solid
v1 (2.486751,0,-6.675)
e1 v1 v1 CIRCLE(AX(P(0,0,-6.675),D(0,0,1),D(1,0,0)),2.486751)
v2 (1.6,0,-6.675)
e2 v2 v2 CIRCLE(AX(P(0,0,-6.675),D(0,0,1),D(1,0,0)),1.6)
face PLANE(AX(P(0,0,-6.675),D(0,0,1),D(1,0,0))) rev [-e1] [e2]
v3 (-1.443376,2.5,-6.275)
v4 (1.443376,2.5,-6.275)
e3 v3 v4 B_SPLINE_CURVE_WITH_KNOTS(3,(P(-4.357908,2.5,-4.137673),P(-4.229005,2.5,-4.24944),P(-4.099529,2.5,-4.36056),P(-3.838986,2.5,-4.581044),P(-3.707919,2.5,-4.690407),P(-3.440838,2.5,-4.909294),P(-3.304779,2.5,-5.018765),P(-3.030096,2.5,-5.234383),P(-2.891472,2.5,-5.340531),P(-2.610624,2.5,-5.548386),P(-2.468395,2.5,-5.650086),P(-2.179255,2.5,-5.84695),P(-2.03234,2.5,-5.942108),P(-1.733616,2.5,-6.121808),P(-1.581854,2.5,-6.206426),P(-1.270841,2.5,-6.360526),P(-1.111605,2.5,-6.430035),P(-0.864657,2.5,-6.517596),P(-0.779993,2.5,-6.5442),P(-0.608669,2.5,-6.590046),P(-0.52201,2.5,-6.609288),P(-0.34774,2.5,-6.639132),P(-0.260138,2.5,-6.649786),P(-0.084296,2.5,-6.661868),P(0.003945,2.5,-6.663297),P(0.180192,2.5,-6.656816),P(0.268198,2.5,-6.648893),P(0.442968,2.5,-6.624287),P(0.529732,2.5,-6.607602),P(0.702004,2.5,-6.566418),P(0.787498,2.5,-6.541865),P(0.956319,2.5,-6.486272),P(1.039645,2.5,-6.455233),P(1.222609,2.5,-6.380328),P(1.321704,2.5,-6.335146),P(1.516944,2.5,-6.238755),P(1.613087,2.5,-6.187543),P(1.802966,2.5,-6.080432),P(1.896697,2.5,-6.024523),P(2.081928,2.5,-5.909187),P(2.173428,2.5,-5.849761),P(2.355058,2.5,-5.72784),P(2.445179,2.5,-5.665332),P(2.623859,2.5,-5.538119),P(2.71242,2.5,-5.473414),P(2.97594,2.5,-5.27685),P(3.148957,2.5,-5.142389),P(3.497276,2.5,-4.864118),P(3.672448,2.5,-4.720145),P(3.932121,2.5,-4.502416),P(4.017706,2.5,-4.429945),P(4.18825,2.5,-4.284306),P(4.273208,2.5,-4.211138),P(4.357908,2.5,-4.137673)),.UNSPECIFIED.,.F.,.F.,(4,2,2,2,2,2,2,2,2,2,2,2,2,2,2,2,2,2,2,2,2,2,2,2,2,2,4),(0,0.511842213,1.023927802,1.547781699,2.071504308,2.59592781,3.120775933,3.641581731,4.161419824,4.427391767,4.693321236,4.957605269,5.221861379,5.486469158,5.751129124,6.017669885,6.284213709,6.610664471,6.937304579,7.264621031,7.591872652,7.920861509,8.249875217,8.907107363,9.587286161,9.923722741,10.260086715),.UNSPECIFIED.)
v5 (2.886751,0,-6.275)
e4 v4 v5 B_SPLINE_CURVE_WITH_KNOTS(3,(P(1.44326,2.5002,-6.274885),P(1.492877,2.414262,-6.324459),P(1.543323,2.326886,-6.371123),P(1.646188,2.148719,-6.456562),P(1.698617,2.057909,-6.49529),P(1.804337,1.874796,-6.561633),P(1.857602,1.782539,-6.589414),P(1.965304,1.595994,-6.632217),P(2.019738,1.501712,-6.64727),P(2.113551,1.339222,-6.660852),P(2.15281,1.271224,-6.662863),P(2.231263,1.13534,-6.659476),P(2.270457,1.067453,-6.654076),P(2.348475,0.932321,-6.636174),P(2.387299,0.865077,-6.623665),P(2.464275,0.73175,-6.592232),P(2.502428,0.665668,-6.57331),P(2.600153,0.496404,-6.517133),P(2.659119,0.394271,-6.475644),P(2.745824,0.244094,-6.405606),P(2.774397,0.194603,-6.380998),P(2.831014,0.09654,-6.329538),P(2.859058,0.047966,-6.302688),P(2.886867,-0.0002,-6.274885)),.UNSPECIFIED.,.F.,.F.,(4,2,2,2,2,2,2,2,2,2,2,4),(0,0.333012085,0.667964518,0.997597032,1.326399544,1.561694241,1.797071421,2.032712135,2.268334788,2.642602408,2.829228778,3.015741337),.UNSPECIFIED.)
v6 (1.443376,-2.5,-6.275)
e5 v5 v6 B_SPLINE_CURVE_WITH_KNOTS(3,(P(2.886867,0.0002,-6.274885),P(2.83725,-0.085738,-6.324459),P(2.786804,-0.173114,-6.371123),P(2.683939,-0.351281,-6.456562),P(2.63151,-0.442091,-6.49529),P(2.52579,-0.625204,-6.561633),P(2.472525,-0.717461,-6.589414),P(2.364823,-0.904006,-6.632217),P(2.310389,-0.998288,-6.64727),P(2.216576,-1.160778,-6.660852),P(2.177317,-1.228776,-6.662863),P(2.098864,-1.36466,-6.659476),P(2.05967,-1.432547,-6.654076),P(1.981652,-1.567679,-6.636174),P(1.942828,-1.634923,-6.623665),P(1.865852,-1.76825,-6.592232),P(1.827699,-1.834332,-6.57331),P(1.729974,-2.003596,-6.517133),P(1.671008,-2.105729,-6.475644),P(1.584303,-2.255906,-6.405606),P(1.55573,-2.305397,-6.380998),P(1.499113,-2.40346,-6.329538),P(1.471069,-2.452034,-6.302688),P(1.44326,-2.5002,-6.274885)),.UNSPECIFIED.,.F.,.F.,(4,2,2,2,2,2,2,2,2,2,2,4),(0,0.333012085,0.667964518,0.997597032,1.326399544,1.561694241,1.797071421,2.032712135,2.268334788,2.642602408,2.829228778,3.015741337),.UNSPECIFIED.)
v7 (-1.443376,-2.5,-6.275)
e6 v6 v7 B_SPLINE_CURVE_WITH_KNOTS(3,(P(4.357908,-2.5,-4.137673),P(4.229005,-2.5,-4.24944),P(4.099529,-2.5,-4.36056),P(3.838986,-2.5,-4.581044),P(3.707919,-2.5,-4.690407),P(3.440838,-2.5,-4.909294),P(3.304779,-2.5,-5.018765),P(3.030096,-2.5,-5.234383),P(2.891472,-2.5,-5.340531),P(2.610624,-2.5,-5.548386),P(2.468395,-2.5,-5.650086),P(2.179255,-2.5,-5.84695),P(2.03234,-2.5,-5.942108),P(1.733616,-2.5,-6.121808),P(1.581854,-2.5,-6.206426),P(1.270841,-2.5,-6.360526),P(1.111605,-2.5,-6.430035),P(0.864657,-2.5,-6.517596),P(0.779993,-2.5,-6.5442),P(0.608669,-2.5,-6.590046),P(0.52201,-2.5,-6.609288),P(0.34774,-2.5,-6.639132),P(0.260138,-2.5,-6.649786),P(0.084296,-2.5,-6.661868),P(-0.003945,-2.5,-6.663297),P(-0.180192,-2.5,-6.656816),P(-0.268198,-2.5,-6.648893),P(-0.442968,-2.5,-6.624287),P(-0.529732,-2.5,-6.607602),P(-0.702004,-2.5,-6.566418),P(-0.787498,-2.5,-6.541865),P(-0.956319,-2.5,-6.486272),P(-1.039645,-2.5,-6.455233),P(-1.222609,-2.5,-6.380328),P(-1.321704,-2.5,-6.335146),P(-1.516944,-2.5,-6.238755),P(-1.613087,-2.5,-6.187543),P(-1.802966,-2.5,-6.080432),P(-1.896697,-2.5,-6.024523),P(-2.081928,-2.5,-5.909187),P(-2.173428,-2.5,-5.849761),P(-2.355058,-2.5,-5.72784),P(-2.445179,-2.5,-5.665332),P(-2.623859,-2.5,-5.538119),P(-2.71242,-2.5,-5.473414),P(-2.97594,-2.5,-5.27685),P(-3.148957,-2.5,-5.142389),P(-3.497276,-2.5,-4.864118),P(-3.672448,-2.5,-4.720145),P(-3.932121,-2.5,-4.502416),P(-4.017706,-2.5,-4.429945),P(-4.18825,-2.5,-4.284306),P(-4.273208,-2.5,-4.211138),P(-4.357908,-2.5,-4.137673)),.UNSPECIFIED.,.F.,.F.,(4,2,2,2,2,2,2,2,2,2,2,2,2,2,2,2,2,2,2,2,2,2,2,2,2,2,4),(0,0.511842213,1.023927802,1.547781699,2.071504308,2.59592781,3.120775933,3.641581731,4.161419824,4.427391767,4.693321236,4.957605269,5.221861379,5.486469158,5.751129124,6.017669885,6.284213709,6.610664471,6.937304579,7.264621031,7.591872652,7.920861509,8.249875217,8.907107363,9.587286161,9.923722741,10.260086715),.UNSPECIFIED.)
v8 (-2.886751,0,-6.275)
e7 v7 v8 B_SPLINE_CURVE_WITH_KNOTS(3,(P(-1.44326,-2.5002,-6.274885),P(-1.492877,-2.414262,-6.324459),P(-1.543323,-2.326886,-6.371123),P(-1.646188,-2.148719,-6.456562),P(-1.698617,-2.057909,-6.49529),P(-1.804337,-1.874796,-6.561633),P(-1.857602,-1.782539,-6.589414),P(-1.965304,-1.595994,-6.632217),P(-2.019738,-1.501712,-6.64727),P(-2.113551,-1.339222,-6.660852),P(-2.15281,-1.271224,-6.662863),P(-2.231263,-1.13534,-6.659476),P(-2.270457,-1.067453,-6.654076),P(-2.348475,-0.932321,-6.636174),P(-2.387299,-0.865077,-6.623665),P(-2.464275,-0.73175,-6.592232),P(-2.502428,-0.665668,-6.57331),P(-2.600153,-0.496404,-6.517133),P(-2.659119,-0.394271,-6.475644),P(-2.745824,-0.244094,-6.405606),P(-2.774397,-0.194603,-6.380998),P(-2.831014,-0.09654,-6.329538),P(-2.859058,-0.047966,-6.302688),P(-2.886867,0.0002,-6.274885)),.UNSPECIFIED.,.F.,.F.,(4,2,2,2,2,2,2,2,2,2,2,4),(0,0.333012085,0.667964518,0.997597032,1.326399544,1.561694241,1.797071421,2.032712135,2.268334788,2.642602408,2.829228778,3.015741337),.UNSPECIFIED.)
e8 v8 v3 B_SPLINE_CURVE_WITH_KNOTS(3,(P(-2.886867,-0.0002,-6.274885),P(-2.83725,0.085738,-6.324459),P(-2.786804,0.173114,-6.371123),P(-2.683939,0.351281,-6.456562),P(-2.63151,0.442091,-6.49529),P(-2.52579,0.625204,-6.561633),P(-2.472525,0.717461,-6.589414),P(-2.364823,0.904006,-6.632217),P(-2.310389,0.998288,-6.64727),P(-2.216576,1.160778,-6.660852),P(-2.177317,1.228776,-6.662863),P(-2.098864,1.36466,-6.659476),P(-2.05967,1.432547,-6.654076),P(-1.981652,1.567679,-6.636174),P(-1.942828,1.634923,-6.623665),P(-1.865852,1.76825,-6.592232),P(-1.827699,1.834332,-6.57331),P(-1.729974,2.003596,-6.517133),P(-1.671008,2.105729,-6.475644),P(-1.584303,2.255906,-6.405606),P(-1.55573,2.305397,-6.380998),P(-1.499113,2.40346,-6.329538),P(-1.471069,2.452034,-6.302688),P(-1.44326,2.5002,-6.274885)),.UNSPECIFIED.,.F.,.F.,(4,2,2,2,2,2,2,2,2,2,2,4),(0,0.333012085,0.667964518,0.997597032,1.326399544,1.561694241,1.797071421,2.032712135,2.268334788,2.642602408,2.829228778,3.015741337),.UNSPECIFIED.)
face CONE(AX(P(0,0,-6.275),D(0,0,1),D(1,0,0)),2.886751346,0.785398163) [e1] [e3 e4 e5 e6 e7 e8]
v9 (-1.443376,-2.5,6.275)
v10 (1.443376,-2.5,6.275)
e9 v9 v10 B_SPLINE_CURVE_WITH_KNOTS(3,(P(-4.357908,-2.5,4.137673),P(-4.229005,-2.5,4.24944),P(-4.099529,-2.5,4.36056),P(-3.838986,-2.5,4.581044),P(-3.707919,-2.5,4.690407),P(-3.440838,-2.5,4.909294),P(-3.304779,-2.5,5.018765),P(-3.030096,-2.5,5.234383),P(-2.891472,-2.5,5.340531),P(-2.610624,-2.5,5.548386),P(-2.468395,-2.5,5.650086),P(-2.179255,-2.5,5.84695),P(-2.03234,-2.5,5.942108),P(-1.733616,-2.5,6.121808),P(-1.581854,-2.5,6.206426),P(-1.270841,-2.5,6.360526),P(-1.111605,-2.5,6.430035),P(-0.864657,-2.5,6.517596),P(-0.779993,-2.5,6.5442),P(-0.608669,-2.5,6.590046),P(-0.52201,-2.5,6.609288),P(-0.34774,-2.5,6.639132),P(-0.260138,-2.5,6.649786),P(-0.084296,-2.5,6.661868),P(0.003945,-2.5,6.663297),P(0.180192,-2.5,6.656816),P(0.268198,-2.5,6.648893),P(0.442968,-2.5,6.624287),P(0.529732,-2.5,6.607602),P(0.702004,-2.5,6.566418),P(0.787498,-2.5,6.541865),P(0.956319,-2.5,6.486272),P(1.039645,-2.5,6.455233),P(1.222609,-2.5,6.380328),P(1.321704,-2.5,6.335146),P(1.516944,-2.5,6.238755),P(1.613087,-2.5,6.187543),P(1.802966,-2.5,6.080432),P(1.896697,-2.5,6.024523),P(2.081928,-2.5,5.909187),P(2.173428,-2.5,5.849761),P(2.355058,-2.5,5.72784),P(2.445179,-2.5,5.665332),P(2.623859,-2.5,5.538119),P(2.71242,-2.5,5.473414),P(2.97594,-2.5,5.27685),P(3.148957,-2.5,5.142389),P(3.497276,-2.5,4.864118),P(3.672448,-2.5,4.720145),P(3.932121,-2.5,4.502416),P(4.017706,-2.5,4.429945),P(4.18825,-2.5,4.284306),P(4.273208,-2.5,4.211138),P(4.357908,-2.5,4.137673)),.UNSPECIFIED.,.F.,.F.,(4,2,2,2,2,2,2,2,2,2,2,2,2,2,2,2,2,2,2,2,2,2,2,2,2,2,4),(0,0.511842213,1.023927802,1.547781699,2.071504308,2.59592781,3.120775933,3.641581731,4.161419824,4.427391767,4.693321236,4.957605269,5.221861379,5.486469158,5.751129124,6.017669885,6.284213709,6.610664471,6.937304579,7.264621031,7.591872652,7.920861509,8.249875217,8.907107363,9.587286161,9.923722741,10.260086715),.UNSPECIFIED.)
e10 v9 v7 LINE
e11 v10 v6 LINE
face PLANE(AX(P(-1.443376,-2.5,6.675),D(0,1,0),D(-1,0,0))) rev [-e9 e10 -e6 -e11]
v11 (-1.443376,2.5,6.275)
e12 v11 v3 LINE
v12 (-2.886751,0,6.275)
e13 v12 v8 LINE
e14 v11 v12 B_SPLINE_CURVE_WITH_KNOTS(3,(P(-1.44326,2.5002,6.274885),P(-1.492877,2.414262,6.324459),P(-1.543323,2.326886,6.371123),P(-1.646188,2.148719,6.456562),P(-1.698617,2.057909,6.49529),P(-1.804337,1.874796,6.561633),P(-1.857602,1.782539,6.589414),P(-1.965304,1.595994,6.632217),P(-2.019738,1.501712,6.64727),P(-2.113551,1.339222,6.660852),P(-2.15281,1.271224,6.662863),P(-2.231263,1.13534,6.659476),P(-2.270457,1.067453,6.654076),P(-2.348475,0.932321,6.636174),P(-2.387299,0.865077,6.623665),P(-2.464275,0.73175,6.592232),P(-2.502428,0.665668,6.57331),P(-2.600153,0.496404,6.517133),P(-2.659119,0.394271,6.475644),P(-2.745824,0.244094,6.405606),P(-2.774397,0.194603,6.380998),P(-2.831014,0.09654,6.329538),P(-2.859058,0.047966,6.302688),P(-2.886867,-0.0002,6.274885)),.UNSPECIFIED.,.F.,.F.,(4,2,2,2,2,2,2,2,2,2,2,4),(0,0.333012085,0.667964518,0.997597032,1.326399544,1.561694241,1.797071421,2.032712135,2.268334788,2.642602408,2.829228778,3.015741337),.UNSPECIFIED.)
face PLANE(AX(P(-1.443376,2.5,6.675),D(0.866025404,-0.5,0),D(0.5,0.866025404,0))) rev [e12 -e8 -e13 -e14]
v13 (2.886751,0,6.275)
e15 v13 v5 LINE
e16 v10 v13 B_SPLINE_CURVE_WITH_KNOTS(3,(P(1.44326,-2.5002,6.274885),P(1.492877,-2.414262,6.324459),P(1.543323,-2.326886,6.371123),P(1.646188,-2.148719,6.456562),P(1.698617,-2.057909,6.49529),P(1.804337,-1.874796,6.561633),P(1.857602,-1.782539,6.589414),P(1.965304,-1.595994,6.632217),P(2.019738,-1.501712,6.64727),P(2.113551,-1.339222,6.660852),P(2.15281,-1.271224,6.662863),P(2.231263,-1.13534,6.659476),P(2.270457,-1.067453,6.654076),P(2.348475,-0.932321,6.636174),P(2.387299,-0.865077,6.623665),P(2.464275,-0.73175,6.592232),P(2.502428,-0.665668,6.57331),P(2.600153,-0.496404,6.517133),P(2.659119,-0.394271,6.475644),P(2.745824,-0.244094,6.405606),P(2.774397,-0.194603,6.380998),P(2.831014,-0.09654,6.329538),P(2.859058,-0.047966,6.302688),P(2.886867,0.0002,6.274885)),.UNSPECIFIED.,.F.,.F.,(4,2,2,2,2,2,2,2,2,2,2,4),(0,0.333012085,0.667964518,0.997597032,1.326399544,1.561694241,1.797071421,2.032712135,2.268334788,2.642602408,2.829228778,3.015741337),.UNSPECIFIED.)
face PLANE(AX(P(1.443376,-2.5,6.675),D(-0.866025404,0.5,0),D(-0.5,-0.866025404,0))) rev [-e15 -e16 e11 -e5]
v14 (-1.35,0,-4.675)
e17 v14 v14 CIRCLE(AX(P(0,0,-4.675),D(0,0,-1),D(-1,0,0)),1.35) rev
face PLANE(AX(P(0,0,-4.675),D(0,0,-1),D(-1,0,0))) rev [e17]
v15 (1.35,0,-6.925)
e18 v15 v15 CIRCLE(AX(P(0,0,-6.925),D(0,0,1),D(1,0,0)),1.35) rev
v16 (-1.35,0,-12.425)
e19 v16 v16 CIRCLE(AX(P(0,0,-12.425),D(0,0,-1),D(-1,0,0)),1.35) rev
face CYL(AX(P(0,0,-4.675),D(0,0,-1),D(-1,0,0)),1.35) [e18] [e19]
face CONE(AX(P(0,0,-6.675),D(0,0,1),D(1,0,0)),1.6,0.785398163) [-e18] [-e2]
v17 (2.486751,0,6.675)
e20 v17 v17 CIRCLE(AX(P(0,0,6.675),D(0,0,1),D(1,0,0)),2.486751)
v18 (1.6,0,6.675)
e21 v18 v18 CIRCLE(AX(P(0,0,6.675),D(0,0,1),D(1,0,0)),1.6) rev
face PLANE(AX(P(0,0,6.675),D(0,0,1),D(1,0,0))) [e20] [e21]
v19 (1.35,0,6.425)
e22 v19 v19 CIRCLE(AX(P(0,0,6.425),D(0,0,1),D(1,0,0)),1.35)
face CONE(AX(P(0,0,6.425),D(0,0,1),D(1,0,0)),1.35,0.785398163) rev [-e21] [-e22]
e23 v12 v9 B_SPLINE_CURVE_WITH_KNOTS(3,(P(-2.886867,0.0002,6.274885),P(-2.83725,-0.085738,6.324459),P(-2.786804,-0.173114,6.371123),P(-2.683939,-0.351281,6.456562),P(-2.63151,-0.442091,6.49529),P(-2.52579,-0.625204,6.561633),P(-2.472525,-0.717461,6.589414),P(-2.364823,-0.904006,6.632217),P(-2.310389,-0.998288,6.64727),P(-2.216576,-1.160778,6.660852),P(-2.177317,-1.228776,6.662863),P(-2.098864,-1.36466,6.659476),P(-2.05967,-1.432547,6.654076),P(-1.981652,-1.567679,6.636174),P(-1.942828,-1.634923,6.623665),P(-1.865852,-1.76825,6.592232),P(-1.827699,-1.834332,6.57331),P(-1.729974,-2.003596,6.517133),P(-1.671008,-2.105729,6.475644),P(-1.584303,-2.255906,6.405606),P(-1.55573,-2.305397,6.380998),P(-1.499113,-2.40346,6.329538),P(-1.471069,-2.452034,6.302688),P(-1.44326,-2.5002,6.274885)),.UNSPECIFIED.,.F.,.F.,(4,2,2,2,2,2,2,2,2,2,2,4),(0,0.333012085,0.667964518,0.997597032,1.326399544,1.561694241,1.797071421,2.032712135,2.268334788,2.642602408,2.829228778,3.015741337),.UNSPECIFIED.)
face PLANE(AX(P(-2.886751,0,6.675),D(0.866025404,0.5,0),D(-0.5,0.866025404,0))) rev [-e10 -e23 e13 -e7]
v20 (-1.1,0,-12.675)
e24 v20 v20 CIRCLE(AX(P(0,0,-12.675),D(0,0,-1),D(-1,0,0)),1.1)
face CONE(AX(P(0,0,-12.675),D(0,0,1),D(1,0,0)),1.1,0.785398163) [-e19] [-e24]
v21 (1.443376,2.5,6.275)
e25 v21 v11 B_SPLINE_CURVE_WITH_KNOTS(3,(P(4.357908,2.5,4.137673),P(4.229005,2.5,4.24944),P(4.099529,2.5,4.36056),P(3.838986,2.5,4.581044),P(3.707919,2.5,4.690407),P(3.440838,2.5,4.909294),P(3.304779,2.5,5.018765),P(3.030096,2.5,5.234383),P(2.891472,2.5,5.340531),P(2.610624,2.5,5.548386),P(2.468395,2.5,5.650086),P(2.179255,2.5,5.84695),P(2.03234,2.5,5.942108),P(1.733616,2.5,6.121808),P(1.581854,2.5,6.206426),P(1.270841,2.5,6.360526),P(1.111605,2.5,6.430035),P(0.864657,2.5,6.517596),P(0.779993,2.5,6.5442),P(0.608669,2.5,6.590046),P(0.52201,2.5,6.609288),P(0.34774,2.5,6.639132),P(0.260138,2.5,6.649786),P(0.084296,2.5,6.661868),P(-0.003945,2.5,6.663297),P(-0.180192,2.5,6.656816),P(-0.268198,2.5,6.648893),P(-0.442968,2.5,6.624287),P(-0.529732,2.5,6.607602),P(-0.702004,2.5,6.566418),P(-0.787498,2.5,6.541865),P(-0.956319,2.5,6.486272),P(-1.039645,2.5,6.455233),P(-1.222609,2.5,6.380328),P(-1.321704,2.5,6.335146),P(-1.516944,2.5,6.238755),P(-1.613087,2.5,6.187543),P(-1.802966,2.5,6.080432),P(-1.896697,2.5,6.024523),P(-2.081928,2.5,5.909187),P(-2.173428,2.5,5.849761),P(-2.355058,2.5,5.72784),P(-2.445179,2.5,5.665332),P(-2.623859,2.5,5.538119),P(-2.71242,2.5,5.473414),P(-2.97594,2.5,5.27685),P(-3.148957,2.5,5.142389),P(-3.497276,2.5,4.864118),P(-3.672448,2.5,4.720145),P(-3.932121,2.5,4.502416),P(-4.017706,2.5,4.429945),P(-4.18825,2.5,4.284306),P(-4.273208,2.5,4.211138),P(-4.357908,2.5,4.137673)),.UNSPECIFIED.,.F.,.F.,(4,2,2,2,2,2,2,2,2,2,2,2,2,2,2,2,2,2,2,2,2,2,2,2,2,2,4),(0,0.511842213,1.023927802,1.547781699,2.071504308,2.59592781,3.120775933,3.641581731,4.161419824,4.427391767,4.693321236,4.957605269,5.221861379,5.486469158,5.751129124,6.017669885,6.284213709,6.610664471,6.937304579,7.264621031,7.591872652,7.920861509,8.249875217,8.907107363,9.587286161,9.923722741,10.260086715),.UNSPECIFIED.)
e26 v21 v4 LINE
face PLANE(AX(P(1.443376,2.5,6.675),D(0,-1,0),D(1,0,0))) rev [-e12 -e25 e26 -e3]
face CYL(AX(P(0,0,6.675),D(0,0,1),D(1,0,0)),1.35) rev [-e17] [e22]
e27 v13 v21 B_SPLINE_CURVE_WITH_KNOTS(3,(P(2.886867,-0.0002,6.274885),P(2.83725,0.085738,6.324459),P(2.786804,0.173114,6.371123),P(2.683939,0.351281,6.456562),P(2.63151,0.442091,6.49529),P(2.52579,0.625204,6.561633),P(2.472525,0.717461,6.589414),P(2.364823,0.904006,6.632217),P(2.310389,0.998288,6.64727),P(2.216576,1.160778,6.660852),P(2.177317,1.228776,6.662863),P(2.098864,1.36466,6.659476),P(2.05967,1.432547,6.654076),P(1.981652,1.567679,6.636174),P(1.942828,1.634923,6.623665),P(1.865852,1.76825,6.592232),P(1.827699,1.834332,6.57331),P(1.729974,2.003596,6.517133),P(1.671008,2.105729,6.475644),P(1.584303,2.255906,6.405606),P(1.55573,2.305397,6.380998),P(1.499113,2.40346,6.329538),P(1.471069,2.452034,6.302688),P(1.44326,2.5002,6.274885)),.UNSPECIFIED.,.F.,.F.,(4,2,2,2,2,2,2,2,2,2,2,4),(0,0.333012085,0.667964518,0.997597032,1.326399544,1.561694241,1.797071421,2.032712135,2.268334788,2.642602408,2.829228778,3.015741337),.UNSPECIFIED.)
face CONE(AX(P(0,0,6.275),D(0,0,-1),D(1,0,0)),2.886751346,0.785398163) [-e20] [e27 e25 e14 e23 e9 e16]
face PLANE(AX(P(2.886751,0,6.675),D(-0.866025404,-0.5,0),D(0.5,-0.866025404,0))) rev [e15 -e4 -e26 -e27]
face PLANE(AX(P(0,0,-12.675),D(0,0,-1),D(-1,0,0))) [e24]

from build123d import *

# Parameters (mm, degrees)
HEX_2_DEPTH                 = 6.675
TAP_DRILL_FOR_M3X0_5_TAP1_D = 2.7
THREAD_DEPTH                = 6
THREAD_DEPTH_BACK           = 2
SKETCH8_R                   = 1.35
INNERCHAMFER_SIZE           = 0.25


with BuildPart() as part:
    # Sketch1 → HEX 2 (new, symmetric)
    with BuildSketch(Plane.XY):
        Polygon((2.886751346, 0), (1.443375673, 2.5), (-1.443375673, 2.5), (-2.886751346, 0), (-1.443375673, -2.5), (1.443375673, -2.5), align=None)
    extrude(amount=HEX_2_DEPTH, both=True)

    # Tap Drill for M3x0.5 Tap1 (through all)
    with Locations(Plane.XY.offset(6.675)):
        with Locations((0, 0)):
            Hole(TAP_DRILL_FOR_M3X0_5_TAP1_D / 2)

    # Sketch7 → HexChamfer (revolve, cut)
    with BuildSketch(Plane(origin=(0, 0, 0), x_dir=(1, 0, 0), z_dir=(0, 1, 0)), mode=Mode.PRIVATE) as hexchamfer_sk:
        Polygon((-2.886751346, 6.675), (-2.886751346, 6.275), (-2.486751346, 6.675), align=None)
    hexchamfer = revolve(hexchamfer_sk.sketch.rotate(Axis((0, 0, 15.266742202), (0, 0, -1)), 180), axis=Axis((0, 0, 15.266742202), (0, 0, -1)), mode=Mode.SUBTRACT)

    # Mirror1: HexChamfer across plane
    add(hexchamfer.mirror(Plane.XY), mode=Mode.SUBTRACT)

    # Sketch8 → Thread (add, two sides: drawn at the far end of the back side and taken through both)
    with BuildSketch(Plane(origin=(0, 0, -6.675), x_dir=(-1, 0, 0), z_dir=(0, 0, -1)).offset(-THREAD_DEPTH_BACK)):
        with Locations(Location((0, 0, 0), (0, 0, 180))):
            Circle(SKETCH8_R)
    extrude(amount=THREAD_DEPTH + THREAD_DEPTH_BACK)

    # InnerChamfer
    innerchamfer_edges = [part.edges().sort_by_distance(p)[0] for p in [
        (1.35, 0, 6.675),
        (-1.35, 0, -6.675),
        (-1.35, 0, -12.675),
    ]]
    chamfer(innerchamfer_edges, length=INNERCHAMFER_SIZE)


solid = part.part
